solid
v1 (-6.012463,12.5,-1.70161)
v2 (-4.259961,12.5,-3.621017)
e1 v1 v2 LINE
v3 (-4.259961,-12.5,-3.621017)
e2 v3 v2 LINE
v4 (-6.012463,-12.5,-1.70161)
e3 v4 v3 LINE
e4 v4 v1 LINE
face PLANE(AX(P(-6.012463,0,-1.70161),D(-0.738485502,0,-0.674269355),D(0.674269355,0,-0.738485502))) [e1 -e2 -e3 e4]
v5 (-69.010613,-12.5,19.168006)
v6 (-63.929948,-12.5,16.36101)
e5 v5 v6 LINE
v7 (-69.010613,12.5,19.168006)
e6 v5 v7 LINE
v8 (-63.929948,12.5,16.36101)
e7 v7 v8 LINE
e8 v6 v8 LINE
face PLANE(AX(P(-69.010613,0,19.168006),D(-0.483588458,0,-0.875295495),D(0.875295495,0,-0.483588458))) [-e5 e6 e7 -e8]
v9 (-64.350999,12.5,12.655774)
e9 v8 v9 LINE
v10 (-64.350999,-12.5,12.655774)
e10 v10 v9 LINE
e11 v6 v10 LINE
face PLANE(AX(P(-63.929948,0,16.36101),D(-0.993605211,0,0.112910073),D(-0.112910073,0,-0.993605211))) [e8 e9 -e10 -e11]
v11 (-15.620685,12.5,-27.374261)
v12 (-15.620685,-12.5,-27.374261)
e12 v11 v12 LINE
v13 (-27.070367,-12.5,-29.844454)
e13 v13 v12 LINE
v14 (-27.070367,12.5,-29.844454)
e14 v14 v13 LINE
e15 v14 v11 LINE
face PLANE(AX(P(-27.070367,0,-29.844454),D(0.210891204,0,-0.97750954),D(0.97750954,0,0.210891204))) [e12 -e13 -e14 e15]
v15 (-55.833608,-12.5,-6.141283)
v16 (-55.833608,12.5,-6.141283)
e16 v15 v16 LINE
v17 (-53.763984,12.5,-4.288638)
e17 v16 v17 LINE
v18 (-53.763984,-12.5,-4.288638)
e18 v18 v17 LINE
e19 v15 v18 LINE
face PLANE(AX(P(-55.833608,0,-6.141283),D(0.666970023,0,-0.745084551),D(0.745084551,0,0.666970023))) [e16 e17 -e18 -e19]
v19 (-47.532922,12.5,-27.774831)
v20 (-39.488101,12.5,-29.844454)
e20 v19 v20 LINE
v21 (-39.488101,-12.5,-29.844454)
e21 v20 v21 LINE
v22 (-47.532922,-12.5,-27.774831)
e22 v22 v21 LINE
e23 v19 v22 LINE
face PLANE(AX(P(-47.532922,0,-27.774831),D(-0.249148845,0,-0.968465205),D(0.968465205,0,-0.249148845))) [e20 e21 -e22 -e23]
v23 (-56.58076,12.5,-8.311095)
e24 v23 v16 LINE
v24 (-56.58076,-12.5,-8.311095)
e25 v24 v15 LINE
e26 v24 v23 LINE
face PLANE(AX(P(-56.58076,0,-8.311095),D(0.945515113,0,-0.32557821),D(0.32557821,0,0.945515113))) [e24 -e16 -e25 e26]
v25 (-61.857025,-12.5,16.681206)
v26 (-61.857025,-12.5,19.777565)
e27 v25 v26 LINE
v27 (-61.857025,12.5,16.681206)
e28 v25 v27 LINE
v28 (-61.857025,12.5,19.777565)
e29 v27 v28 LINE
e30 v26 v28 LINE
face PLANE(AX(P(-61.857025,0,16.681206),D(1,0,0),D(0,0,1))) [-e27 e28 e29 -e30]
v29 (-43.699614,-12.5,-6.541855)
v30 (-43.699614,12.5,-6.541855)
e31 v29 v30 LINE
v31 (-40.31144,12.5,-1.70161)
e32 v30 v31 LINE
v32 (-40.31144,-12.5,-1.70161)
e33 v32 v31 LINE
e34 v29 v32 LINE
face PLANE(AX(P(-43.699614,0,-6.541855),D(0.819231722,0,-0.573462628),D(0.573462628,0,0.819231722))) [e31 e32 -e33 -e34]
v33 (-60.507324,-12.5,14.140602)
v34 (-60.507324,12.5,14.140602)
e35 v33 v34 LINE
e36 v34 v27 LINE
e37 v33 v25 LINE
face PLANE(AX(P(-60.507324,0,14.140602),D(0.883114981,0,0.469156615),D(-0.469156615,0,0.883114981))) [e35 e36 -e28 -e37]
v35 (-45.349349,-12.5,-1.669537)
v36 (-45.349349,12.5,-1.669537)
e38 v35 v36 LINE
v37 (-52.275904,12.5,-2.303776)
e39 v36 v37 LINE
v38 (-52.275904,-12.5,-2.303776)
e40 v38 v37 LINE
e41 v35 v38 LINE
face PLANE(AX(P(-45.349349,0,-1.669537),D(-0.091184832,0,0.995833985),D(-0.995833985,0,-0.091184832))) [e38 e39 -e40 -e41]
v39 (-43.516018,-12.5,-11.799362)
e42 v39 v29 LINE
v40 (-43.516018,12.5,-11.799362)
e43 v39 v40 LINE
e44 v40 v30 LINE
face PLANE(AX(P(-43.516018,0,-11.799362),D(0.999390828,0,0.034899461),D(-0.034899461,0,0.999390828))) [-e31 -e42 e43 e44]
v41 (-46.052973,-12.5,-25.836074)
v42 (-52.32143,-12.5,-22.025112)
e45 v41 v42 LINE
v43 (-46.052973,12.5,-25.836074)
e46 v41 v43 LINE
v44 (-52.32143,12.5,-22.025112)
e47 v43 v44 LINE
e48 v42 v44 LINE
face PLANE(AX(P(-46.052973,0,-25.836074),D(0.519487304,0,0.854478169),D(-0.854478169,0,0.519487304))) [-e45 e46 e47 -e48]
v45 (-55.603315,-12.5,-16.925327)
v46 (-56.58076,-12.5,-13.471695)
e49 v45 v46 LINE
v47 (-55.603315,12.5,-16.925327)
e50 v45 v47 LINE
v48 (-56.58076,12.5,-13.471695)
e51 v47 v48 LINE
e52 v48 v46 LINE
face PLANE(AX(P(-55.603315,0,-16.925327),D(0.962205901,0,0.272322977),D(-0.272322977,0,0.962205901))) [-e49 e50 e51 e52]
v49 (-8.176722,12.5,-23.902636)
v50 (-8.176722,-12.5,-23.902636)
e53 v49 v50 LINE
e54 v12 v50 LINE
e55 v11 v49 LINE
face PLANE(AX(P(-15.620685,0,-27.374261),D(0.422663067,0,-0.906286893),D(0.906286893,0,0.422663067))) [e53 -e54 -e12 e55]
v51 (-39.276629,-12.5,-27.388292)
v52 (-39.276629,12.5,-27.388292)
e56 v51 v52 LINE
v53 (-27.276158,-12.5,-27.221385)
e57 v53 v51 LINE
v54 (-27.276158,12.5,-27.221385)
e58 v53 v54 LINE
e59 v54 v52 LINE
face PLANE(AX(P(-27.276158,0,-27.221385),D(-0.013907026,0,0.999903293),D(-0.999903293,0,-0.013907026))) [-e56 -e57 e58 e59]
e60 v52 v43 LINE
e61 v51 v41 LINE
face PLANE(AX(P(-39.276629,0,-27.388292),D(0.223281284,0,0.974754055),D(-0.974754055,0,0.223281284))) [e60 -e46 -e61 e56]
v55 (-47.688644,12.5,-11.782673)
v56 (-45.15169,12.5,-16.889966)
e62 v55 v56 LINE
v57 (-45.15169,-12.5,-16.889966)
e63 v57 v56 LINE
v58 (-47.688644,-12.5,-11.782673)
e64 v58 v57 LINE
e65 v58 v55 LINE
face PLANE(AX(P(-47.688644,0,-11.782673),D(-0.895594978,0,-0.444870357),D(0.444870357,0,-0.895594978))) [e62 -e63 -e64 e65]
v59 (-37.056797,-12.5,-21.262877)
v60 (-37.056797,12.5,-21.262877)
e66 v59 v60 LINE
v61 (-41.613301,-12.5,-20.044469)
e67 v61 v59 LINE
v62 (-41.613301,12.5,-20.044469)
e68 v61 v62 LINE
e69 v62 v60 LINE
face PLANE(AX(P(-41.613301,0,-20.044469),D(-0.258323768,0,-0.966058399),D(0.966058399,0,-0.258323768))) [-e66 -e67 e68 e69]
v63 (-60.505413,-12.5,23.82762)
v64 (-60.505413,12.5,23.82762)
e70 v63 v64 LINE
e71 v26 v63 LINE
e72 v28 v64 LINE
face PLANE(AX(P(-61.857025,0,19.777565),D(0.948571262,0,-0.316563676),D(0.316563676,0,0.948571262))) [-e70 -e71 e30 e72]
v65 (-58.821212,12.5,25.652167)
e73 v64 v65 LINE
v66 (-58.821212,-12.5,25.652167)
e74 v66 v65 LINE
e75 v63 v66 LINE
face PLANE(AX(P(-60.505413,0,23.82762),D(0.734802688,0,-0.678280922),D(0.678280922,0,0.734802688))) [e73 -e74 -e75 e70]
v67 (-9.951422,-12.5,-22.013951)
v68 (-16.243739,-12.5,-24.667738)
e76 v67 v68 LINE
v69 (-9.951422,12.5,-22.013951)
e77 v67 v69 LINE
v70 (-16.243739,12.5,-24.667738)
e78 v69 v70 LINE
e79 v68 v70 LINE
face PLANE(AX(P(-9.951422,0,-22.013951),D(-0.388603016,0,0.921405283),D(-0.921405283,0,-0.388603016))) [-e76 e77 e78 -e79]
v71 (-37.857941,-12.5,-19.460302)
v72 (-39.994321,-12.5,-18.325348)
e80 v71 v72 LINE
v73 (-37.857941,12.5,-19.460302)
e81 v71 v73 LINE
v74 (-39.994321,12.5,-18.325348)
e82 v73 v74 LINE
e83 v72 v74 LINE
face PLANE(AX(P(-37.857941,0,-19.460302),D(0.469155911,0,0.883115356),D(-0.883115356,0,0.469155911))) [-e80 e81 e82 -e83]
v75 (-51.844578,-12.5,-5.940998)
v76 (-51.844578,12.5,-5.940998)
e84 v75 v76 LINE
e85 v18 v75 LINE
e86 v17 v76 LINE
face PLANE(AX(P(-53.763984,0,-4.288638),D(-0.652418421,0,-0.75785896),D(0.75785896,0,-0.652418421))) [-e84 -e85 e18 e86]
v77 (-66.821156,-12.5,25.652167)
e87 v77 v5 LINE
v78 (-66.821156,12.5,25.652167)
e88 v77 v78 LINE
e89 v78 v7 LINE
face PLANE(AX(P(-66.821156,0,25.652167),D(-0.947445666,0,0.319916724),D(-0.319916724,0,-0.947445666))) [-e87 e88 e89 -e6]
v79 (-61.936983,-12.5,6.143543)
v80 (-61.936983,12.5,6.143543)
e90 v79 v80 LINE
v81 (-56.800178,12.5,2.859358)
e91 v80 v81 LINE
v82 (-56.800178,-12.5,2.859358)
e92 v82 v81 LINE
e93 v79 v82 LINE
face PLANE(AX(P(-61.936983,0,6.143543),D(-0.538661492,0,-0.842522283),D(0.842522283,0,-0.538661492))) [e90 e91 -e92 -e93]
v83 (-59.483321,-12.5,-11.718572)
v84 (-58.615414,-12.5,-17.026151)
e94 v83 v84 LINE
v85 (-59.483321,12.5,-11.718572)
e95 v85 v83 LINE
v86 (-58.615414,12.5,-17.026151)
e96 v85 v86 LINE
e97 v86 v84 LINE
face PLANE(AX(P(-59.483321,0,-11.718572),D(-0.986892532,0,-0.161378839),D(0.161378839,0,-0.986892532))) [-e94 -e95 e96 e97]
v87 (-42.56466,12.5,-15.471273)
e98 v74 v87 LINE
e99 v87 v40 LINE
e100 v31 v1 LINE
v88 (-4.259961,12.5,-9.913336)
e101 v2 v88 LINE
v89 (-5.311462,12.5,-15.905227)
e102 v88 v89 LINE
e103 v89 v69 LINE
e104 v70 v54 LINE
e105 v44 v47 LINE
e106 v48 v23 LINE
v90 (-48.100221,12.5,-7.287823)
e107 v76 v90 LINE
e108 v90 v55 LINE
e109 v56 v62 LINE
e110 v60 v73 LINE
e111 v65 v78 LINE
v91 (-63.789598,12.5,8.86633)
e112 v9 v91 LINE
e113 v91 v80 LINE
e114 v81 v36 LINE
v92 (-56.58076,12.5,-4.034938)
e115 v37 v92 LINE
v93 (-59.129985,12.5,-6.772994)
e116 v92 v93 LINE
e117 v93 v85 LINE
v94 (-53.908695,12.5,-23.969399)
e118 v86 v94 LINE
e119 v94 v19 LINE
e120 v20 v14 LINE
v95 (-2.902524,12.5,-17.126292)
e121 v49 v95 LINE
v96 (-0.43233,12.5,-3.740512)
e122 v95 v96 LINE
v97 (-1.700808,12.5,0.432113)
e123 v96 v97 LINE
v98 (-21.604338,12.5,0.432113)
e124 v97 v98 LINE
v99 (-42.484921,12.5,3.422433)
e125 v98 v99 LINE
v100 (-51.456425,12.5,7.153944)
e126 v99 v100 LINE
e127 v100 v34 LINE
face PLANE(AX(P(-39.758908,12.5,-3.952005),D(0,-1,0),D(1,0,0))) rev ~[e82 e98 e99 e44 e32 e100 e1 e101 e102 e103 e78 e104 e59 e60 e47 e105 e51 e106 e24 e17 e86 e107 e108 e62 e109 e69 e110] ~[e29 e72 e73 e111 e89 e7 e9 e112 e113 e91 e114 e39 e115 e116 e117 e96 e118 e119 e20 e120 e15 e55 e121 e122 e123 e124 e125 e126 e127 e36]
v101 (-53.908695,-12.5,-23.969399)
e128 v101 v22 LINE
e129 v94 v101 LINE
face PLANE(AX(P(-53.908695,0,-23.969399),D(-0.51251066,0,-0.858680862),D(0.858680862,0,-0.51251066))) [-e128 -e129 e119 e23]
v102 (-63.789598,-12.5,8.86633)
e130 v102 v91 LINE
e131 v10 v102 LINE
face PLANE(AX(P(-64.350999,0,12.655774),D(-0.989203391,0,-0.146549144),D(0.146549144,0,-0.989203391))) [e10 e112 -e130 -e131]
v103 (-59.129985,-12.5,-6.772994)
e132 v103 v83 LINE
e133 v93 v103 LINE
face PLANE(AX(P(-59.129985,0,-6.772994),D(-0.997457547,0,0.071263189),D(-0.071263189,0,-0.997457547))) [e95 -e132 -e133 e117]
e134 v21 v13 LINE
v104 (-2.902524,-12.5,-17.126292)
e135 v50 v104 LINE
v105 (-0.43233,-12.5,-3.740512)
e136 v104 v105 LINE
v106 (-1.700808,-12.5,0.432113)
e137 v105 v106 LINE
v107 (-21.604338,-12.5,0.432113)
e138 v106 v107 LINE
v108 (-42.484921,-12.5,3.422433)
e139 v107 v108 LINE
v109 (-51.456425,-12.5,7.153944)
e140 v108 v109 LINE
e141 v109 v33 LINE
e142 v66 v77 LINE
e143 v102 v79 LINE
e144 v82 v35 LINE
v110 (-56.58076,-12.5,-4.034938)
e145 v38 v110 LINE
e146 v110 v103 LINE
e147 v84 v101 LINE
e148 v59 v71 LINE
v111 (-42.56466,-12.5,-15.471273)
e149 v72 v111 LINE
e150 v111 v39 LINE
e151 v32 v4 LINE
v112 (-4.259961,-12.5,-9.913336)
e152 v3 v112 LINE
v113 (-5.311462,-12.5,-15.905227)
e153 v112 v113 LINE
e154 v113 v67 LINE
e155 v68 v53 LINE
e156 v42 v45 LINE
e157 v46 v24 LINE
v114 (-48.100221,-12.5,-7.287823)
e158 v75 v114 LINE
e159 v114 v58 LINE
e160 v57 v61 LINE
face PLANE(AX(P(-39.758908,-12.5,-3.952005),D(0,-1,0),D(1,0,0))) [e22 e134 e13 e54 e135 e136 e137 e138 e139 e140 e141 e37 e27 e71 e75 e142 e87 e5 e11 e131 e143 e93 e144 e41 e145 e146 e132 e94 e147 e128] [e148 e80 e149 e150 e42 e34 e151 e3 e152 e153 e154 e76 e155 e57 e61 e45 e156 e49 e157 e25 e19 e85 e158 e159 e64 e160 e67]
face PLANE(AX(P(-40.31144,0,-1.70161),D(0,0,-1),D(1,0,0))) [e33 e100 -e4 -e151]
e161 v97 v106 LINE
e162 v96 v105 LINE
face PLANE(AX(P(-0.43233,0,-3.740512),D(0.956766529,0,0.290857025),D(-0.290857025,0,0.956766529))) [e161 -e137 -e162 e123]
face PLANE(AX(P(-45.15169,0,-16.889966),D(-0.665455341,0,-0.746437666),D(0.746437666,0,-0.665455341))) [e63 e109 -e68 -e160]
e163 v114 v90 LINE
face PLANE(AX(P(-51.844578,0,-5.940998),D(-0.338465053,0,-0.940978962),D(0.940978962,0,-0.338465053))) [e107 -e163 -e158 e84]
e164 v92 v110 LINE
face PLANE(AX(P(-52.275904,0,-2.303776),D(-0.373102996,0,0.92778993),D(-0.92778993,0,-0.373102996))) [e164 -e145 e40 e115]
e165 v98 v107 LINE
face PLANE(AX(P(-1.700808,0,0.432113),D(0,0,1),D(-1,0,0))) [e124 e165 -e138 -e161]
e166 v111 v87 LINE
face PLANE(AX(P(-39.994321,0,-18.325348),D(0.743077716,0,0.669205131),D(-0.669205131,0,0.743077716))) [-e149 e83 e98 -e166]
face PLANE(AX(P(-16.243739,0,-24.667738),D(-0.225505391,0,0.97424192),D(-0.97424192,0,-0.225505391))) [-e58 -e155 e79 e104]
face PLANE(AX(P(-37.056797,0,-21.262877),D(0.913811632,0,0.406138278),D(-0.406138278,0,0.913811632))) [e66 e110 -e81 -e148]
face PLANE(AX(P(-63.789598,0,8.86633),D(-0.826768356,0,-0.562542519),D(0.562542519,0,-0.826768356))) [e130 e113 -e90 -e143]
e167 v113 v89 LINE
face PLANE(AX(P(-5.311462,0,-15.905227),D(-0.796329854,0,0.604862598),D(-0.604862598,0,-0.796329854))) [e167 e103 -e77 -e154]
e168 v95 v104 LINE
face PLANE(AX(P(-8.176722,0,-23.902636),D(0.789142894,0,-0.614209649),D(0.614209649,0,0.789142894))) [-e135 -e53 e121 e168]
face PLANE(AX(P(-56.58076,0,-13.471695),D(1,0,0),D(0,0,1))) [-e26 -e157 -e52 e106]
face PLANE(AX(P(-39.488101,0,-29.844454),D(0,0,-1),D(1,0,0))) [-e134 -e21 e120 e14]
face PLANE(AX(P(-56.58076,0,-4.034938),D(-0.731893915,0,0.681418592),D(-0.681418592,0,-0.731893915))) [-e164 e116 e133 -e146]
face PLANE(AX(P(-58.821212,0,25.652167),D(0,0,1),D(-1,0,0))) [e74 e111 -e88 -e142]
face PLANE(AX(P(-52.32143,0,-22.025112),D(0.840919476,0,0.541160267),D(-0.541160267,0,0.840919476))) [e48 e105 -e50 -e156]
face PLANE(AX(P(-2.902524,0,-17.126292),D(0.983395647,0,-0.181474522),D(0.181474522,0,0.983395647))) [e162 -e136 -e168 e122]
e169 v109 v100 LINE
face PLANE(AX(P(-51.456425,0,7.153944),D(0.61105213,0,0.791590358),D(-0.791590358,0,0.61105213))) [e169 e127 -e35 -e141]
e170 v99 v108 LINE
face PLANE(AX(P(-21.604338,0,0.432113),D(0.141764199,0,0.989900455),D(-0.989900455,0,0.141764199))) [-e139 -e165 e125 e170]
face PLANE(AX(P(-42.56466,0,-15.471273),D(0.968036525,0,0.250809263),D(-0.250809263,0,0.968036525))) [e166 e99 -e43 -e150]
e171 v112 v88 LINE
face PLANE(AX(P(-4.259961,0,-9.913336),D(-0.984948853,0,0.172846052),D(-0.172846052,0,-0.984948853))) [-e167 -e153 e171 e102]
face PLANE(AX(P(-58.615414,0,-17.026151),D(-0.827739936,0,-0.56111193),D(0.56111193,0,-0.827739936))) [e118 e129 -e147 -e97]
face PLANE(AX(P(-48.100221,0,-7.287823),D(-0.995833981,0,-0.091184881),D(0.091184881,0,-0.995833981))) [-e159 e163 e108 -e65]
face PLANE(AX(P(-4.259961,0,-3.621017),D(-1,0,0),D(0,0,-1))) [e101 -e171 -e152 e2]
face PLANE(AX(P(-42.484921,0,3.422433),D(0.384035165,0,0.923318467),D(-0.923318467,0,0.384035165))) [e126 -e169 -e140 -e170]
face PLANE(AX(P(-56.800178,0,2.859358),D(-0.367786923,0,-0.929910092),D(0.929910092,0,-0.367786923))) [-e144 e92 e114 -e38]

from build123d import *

# Parameters (mm, degrees)
F1_DEPTH = 12.5


with BuildPart() as f1:
    # F0 (on Front) → F1 (new body, symmetric)
    with BuildSketch(Plane.XZ):
        Polygon((-52.275904, -2.303776), (-56.58076, -4.034938), (-59.129985, -6.772994), (-59.483321, -11.718572), (-58.615414, -17.026151), (-53.908695, -23.969399), (-47.532922, -27.774831), (-39.488101, -29.844454), (-27.070367, -29.844454), (-15.620685, -27.374261), (-8.176722, -23.902636), (-2.902524, -17.126292), (-0.43233, -3.740512), (-1.700808, 0.432113), (-21.604338, 0.432113), (-42.484921, 3.422433), (-51.456425, 7.153944), (-60.507324, 14.140602), (-61.857025, 16.681206), (-61.857025, 19.777565), (-60.505413, 23.82762), (-58.821212, 25.652167), (-66.821156, 25.652167), (-69.010613, 19.168006), (-63.929948, 16.36101), (-64.350999, 12.655774), (-63.789598, 8.86633), (-61.936983, 6.143543), (-56.800178, 2.859358), (-45.349349, -1.669537), align=None)
        Polygon((-56.58076, -13.471695), (-56.58076, -8.311095), (-55.833608, -6.141283), (-53.763984, -4.288638), (-51.844578, -5.940998), (-48.100221, -7.287823), (-47.688644, -11.782673), (-45.15169, -16.889966), (-41.613301, -20.044469), (-37.056797, -21.262877), (-37.857941, -19.460302), (-39.994321, -18.325348), (-42.56466, -15.471273), (-43.516018, -11.799362), (-43.699614, -6.541855), (-40.31144, -1.70161), (-6.012463, -1.70161), (-4.259961, -3.621017), (-4.259961, -9.913336), (-5.311462, -15.905227), (-9.951422, -22.013951), (-16.243739, -24.667738), (-27.276158, -27.221385), (-39.276629, -27.388292), (-46.052973, -25.836074), (-52.32143, -22.025112), (-55.603315, -16.925327), align=None, mode=Mode.SUBTRACT)
    extrude(amount=F1_DEPTH, both=True)


solid = f1.part
